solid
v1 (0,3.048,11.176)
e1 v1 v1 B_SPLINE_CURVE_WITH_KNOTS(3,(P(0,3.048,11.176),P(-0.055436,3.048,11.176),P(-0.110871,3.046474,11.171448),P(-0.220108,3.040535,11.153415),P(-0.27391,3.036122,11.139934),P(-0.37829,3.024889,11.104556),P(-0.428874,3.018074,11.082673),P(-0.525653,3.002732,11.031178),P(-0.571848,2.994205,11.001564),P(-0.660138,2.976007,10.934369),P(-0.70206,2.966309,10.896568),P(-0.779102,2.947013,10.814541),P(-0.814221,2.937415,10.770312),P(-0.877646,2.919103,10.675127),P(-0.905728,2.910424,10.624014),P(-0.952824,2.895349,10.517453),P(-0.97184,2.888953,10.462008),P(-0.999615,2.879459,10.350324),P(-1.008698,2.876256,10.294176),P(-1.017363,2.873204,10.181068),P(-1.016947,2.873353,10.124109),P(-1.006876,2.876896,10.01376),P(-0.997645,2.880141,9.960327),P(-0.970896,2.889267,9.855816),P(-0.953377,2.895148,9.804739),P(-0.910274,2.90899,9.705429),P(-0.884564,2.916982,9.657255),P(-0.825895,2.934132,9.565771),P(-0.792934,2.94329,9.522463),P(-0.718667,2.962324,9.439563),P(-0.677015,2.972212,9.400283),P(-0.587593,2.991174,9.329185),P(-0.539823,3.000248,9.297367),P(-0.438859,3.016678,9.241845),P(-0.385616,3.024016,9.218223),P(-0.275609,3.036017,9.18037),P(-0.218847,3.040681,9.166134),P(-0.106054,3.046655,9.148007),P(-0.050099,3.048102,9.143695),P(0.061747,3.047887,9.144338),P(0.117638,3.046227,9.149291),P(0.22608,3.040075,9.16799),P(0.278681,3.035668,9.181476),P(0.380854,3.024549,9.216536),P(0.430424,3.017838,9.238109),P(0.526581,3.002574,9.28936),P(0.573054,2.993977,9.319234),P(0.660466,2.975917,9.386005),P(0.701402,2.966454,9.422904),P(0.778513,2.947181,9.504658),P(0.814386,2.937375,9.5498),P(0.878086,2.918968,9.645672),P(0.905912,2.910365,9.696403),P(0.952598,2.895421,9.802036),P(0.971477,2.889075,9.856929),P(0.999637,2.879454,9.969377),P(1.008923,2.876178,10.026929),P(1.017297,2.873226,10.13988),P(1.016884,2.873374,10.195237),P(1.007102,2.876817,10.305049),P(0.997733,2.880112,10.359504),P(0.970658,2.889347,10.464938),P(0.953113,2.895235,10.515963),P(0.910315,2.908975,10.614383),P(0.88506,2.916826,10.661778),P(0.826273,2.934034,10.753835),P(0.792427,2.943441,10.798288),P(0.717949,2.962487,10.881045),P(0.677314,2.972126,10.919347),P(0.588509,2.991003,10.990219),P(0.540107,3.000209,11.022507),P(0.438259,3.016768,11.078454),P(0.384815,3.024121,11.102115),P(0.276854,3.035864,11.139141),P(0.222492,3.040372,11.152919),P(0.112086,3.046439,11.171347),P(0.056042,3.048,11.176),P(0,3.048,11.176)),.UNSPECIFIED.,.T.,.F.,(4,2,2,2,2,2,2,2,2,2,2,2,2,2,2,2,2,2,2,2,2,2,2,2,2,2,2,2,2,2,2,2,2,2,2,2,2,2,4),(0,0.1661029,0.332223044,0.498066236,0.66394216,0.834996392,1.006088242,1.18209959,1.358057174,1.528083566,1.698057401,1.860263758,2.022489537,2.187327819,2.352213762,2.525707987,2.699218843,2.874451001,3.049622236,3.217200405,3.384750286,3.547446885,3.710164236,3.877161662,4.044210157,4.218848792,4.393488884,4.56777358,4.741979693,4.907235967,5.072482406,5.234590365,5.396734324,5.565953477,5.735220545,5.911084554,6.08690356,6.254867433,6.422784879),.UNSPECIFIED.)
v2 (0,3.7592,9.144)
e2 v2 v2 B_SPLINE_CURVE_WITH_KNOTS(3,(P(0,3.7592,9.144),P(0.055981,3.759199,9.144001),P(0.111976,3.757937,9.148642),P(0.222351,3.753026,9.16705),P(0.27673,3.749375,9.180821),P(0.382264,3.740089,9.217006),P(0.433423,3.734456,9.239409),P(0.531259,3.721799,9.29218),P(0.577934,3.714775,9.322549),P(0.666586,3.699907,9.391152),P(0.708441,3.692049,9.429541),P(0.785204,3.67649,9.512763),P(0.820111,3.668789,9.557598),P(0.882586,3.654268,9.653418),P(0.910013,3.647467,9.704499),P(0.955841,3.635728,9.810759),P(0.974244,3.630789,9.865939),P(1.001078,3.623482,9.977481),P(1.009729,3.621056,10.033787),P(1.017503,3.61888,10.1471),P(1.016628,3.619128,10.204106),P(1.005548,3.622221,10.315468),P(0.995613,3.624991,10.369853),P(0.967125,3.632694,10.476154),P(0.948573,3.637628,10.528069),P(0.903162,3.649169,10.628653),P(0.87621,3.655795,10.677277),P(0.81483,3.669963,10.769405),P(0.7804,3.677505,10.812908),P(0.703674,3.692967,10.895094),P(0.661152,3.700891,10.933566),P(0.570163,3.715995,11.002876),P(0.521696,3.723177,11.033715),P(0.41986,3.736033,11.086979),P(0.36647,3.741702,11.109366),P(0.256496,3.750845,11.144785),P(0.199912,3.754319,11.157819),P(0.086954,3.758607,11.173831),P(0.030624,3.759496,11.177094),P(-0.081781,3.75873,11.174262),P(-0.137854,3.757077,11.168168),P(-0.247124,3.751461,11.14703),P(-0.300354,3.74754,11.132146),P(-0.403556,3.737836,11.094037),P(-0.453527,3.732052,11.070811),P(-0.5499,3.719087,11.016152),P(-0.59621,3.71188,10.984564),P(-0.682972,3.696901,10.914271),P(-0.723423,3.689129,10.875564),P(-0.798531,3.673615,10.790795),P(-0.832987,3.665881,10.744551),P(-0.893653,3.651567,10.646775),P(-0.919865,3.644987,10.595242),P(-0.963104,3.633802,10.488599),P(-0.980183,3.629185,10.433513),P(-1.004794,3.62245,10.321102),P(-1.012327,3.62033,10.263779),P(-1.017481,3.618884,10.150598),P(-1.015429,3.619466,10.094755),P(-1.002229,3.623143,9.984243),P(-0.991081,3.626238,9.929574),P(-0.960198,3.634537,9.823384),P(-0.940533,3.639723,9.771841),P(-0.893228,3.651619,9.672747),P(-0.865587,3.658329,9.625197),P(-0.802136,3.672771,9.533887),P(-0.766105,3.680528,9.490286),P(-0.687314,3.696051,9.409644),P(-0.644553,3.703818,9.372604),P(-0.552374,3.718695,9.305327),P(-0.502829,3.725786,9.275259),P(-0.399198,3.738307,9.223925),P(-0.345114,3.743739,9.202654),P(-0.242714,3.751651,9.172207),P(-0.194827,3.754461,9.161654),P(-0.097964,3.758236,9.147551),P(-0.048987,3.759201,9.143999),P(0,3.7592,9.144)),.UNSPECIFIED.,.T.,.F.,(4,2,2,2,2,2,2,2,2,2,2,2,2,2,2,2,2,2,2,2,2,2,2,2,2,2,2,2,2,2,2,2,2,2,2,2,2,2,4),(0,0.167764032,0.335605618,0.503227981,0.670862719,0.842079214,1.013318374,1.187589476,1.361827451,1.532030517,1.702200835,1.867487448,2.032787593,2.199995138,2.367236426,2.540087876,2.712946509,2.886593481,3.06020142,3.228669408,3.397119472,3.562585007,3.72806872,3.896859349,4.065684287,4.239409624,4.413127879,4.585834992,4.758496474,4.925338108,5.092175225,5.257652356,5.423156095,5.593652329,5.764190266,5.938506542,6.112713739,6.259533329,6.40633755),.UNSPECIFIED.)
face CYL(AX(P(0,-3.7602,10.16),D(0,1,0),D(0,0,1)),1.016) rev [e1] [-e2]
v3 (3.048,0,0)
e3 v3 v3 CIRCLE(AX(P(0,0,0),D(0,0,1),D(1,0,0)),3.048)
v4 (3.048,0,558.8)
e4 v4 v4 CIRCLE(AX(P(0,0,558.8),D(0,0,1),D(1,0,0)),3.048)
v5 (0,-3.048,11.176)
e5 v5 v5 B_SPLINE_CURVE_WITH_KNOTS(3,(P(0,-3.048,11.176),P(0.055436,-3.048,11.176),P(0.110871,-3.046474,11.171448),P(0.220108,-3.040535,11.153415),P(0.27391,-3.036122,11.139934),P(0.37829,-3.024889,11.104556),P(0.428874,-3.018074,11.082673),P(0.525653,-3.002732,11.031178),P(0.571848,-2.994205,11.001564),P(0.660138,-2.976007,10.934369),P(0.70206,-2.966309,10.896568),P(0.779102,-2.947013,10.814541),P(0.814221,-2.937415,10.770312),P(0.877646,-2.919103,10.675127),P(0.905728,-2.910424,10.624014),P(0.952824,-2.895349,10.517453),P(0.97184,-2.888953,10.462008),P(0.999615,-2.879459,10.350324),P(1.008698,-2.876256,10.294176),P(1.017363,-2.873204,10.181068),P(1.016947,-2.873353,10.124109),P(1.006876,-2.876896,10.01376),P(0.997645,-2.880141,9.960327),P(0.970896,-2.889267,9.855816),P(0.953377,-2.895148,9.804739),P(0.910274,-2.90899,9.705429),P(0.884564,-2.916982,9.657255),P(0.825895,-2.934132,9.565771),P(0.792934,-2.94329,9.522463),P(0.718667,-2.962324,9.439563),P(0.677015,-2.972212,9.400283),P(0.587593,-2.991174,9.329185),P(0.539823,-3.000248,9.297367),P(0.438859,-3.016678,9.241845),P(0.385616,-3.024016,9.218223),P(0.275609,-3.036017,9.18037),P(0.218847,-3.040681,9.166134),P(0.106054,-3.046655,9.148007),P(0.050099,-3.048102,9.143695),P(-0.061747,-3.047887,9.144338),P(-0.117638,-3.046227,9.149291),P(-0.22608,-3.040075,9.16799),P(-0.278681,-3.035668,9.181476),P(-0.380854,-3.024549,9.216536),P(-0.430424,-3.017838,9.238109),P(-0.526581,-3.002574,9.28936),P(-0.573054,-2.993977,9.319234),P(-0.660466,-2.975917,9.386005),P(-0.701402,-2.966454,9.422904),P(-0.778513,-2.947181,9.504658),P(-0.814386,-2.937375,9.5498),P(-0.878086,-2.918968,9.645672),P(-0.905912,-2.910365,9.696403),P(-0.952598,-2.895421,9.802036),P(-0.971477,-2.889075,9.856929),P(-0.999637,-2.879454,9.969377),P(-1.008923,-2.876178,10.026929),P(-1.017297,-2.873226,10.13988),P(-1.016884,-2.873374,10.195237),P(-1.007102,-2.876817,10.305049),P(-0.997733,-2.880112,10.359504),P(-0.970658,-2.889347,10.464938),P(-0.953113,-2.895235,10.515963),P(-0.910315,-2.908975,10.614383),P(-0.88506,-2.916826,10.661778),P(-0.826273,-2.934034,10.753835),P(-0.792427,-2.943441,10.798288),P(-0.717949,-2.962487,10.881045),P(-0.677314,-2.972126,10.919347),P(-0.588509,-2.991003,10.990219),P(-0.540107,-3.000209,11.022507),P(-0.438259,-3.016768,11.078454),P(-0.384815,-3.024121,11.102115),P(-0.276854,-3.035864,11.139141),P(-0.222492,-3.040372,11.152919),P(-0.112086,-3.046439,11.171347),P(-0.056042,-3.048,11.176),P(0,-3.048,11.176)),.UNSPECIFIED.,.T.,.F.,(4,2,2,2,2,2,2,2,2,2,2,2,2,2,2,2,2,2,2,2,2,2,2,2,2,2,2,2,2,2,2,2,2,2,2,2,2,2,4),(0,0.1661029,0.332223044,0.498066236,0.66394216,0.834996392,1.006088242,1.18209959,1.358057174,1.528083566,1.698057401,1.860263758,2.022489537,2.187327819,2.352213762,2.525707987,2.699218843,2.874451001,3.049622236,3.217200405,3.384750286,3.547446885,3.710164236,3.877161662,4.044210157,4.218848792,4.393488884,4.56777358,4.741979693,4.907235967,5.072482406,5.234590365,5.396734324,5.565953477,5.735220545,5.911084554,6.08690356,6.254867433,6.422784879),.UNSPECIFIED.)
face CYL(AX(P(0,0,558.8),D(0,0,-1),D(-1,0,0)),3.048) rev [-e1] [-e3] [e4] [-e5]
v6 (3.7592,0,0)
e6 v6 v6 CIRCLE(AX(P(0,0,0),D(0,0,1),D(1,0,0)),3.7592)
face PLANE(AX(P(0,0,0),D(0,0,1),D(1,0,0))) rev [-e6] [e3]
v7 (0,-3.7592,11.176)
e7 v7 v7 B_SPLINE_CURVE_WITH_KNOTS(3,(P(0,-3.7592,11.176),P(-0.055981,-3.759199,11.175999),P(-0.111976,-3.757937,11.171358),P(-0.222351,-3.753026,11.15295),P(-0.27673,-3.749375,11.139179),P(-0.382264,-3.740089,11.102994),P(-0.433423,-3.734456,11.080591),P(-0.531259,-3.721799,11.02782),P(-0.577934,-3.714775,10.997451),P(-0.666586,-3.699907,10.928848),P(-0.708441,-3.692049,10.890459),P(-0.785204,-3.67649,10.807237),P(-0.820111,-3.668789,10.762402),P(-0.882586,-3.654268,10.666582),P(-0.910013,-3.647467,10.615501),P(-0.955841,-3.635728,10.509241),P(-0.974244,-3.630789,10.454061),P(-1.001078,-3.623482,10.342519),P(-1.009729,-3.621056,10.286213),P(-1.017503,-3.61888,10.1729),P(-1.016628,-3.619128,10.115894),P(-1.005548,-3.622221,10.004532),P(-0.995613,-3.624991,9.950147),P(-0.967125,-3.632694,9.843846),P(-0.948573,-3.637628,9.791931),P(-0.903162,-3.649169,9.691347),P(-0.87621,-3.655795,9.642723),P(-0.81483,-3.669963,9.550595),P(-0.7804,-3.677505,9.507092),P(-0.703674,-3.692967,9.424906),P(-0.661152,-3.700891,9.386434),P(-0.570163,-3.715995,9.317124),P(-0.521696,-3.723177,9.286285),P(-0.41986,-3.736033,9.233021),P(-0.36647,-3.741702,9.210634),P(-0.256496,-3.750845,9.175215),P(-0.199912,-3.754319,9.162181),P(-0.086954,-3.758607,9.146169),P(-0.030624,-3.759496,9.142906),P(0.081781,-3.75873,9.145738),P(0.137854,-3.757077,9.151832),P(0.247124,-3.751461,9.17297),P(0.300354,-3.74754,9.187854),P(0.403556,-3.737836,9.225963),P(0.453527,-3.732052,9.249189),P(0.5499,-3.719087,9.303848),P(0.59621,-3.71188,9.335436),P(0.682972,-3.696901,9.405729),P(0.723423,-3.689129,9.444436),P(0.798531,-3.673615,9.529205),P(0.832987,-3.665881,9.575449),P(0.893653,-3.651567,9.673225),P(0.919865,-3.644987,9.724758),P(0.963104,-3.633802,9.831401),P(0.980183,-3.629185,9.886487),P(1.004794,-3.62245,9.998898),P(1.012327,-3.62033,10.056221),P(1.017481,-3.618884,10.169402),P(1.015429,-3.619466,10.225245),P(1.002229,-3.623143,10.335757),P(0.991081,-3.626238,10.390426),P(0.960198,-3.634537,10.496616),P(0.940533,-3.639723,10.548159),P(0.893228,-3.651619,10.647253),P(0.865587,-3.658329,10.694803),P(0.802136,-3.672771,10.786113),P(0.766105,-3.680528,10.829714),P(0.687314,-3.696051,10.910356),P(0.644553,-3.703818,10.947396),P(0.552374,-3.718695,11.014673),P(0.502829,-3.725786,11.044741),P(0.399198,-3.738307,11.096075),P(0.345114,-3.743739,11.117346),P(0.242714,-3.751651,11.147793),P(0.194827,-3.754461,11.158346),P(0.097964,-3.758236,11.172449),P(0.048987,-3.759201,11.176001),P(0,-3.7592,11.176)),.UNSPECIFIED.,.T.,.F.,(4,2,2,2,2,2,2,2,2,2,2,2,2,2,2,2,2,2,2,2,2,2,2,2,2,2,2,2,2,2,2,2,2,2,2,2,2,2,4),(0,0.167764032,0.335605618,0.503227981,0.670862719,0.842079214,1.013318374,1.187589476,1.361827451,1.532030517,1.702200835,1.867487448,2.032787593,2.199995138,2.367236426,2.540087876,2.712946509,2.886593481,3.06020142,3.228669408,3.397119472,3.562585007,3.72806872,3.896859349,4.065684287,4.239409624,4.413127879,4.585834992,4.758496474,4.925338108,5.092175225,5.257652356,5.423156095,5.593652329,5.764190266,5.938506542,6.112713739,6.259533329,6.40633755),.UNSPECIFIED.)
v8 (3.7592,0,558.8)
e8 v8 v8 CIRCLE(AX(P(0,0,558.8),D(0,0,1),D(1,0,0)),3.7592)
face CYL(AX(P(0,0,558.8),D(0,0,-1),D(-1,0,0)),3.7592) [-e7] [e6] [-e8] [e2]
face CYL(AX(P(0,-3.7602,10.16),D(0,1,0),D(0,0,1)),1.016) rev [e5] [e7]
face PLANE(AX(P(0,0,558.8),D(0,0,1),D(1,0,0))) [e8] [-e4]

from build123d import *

# Parameters (mm, degrees)
SKETCH1_R                           = 3.7592
SKETCH1_R_2                         = 3.048
BOSS_EXTRUDE1_DEPTH                 = 558.8
CUT_EXTRUDE1_REACH                  = 560.825
CUT_EXTRUDE1_END_RADIUS             = 3.7592
SKETCH2_R                           = 1.016
CUT_EXTRUDE1_DIRECTION_2_REACH      = 560.825
CUT_EXTRUDE1_DIRECTION_2_END_RADIUS = 3.7592


with BuildPart() as part:
    # Sketch1 → Boss-Extrude1 (new body)
    with BuildSketch(Plane.XY):
        Circle(SKETCH1_R)
        Circle(SKETCH1_R_2, mode=Mode.SUBTRACT)
    extrude(amount=BOSS_EXTRUDE1_DEPTH)

    # Cut-Extrude1: up to this cylinder (the profile starts inside it)
    cut_extrude1_end = Plane(origin=(0, 0, 10.16), z_dir=(0, 0, -1)) * Cylinder(CUT_EXTRUDE1_END_RADIUS, 1130.1684, mode=Mode.PRIVATE)
    # Sketch2 → Cut-Extrude1 (cut, up to the surface)
    with BuildSketch(Plane(origin=(0, 0, 0), x_dir=(1, 0, 0), z_dir=(0, 1, 0)), mode=Mode.PRIVATE) as cut_extrude1_sk1:
        with Locations(Location((0, -10.16, 0), (0, 0, 270))):
            Circle(SKETCH2_R)
    cut_extrude1_tool1 = extrude(cut_extrude1_sk1.sketch, amount=-CUT_EXTRUDE1_REACH, mode=Mode.PRIVATE) & cut_extrude1_end
    add(cut_extrude1_tool1.solids().sort_by_distance((0, 0, 10.16))[0], mode=Mode.SUBTRACT)

    # Cut-Extrude1 direction 2: up to this cylinder (the profile starts inside it)
    cut_extrude1_direction_2_end = Plane(origin=(0, 0, 10.16), z_dir=(0, 0, -1)) * Cylinder(CUT_EXTRUDE1_DIRECTION_2_END_RADIUS, 1130.1684, mode=Mode.PRIVATE)
    # Sketch2 → Cut-Extrude1 direction 2 (cut, up to the surface)
    with BuildSketch(Plane(origin=(0, 0, 0), x_dir=(1, 0, 0), z_dir=(0, 1, 0)), mode=Mode.PRIVATE) as cut_extrude1_direction_2_sk1:
        with Locations(Location((0, -10.16, 0), (0, 0, 270))):
            Circle(SKETCH2_R)
    cut_extrude1_direction_2_tool1 = extrude(cut_extrude1_direction_2_sk1.sketch, amount=CUT_EXTRUDE1_DIRECTION_2_REACH, mode=Mode.PRIVATE) & cut_extrude1_direction_2_end
    add(cut_extrude1_direction_2_tool1.solids().sort_by_distance((0, 0, 10.16))[0], mode=Mode.SUBTRACT)


solid = part.part
